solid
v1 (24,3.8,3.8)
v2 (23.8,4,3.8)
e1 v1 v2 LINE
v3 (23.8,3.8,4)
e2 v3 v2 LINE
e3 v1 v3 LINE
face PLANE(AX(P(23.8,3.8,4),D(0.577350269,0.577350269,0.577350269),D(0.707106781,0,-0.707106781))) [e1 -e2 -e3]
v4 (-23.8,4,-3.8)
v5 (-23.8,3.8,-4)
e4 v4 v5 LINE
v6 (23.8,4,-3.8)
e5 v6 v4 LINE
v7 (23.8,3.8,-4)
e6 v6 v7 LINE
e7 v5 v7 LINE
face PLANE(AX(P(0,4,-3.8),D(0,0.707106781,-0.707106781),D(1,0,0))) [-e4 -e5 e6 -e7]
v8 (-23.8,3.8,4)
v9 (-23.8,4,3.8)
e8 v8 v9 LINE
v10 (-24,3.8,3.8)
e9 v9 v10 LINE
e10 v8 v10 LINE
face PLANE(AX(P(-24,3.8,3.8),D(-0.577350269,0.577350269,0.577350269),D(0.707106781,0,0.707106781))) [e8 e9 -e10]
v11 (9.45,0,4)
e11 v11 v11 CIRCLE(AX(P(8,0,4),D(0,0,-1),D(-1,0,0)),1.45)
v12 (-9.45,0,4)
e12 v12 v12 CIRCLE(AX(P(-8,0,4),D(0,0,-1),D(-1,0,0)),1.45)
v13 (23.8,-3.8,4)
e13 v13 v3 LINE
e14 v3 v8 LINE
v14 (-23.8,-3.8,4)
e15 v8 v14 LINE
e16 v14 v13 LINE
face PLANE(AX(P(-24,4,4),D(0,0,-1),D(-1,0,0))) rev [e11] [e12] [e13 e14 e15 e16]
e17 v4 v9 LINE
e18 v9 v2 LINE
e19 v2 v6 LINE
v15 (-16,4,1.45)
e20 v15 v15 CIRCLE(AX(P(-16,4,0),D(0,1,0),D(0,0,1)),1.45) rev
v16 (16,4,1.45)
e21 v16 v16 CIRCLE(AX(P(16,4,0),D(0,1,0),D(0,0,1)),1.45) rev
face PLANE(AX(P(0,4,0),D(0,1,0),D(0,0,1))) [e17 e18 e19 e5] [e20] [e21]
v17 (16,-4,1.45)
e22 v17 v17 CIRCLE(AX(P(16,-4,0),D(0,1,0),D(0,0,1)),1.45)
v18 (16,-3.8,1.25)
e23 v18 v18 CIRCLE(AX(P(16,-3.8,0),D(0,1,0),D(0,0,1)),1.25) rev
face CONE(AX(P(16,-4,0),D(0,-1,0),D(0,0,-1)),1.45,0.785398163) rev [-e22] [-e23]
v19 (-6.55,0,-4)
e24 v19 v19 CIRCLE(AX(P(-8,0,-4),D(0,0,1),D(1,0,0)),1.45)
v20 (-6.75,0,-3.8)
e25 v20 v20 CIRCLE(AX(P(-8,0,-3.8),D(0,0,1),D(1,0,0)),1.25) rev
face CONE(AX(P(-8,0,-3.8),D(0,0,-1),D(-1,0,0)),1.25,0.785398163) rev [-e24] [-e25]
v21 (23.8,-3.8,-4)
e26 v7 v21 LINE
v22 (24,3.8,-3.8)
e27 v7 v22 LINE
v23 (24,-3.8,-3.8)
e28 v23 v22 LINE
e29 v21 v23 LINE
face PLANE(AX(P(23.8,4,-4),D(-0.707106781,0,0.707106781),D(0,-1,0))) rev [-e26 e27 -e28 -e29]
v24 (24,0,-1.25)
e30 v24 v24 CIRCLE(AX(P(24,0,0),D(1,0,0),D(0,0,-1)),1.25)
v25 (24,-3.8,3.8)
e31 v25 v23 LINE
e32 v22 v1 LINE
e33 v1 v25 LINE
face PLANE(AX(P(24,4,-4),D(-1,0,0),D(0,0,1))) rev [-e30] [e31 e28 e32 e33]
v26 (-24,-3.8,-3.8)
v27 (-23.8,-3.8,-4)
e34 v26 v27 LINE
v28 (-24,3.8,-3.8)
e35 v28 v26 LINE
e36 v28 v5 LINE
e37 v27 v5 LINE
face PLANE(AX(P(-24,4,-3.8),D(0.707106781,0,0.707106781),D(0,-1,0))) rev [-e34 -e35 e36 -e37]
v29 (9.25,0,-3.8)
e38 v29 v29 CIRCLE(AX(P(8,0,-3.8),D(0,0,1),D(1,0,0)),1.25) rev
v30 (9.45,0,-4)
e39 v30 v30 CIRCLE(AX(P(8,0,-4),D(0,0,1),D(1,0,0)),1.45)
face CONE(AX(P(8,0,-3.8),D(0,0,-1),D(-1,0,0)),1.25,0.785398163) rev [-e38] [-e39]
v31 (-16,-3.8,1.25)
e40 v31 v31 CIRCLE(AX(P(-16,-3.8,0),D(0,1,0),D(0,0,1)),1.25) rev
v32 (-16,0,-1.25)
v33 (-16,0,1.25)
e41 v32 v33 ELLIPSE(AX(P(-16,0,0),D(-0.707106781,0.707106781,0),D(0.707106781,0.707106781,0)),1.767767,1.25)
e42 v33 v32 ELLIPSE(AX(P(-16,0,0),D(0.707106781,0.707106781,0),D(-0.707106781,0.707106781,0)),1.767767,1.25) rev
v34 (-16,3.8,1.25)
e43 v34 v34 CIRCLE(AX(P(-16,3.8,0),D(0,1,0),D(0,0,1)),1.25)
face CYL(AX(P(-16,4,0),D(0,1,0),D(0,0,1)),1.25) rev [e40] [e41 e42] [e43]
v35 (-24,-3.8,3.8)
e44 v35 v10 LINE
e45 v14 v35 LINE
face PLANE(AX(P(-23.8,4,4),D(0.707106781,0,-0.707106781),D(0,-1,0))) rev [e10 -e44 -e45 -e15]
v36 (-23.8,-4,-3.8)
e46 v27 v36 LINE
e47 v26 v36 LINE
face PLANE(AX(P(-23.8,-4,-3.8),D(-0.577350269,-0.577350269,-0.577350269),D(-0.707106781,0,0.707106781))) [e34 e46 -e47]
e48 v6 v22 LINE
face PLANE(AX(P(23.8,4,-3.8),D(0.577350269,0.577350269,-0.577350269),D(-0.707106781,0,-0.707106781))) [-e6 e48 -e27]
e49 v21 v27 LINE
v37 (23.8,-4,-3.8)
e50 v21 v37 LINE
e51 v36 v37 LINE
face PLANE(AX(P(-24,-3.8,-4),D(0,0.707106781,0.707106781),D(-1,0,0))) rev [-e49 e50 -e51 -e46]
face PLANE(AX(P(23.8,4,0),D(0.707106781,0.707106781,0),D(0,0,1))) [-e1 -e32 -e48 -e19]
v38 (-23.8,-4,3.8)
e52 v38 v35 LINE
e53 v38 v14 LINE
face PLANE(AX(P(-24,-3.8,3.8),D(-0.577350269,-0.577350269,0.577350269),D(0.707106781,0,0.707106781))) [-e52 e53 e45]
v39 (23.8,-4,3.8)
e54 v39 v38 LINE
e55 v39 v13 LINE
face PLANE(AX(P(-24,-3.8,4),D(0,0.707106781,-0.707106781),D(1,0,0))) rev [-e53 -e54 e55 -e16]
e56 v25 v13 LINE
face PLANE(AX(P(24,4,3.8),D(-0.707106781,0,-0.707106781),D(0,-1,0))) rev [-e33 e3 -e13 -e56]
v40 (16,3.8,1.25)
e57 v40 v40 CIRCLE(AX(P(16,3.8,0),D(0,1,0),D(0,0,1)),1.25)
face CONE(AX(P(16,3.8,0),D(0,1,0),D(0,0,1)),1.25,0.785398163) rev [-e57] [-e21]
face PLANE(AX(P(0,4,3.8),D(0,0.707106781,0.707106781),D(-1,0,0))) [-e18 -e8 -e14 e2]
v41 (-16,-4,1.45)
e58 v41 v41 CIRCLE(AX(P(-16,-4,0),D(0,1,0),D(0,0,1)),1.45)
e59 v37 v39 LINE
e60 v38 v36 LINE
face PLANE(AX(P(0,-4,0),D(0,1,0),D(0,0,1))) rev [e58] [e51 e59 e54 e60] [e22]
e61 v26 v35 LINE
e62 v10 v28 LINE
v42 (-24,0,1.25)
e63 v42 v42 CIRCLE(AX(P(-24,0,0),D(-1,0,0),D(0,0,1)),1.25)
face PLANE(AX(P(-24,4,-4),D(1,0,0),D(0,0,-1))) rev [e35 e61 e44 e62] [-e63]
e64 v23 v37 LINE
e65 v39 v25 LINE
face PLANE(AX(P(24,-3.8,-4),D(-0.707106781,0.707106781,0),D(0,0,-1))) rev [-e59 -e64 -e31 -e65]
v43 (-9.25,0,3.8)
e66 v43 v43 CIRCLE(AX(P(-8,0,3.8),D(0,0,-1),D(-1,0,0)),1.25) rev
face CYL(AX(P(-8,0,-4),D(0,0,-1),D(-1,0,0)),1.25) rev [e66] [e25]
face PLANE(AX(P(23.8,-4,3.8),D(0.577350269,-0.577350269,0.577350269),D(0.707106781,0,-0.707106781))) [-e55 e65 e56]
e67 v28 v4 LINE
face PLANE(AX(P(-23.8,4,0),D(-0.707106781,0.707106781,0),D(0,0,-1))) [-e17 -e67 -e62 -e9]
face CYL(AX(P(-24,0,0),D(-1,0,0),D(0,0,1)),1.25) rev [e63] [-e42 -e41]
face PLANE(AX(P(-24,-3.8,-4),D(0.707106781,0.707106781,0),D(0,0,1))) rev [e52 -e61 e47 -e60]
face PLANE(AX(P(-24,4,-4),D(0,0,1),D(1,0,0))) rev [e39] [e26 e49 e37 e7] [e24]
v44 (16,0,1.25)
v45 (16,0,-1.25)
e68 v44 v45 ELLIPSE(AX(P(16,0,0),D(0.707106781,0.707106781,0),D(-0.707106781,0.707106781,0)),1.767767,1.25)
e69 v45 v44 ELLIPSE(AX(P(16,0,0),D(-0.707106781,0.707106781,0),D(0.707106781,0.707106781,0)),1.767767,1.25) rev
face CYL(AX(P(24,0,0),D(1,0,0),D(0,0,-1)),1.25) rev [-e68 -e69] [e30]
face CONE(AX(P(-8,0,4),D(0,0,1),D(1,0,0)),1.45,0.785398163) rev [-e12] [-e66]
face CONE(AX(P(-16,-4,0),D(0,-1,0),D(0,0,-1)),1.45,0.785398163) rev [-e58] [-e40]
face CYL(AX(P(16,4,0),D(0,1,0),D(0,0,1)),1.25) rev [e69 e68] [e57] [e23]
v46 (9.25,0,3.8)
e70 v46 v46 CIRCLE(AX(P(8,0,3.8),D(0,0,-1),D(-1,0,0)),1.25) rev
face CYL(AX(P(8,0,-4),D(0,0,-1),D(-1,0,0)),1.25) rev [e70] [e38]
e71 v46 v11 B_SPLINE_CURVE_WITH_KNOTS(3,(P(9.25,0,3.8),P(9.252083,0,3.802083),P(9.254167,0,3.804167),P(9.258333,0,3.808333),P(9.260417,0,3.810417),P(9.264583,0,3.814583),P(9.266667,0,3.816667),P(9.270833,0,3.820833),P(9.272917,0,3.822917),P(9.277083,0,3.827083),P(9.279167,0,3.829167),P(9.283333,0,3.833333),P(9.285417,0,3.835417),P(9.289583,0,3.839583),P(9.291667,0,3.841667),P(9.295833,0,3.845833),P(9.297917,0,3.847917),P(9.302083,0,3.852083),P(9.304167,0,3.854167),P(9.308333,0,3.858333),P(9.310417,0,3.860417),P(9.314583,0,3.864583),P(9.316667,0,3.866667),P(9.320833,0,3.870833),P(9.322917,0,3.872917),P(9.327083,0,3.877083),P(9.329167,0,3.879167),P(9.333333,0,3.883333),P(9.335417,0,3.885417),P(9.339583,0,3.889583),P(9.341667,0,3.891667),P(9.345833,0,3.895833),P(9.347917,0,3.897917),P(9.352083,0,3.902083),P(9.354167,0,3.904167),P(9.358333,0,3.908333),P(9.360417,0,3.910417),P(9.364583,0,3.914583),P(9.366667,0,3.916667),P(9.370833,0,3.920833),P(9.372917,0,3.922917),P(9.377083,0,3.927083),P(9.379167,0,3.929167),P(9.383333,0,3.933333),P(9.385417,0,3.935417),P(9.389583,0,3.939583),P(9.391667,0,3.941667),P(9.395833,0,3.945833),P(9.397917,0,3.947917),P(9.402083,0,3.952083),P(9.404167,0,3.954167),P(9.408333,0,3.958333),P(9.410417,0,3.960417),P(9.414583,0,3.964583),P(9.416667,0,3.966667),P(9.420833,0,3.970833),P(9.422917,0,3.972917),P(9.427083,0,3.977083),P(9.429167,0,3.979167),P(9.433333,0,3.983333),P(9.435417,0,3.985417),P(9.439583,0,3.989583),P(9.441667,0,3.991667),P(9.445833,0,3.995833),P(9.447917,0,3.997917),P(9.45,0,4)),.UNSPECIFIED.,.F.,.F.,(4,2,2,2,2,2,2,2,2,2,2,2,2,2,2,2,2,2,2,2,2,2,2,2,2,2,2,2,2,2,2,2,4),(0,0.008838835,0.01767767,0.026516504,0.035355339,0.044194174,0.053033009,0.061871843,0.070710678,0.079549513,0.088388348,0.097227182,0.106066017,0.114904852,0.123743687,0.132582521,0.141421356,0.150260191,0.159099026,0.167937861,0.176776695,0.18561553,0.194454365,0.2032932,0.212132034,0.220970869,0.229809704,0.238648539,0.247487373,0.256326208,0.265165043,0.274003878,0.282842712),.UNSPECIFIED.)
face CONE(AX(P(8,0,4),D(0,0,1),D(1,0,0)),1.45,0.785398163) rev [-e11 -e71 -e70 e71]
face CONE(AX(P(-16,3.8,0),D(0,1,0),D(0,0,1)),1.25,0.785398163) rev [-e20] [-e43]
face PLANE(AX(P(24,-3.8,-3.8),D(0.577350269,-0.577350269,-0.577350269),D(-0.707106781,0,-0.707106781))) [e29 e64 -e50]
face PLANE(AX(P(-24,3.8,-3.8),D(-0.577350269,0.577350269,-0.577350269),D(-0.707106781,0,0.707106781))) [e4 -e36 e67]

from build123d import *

# Parameters (mm, degrees)
SKETCH_1_W              = 48
SKETCH_1_H              = 8
EXTRUDE_1_DEPTH         = 4
HOLE_WIZARD_M3_1_D      = 2.5
HOLE_WIZARD_M3_2_D      = 2.5
CHAMFER_1_SIZE          = 0.2
HOLE_WIZARD_M3_3_REACH  = 50.332
HOLE_WIZARD_M3_3_BORE_R = 1.25
HOLE_WIZARD_M3_4_REACH  = 50.332
HOLE_WIZARD_M3_4_BORE_R = 1.25


with BuildPart() as part:
    # 草图1 → 凸台-拉伸1 (new, symmetric)
    with BuildSketch(Plane(origin=(0, 0, 0), x_dir=(1, 0, 0), z_dir=(0, 1, 0))):
        Rectangle(SKETCH_1_W, SKETCH_1_H)
    extrude(amount=EXTRUDE_1_DEPTH, both=True)

    # M3 螺纹孔1 (through all)
    with Locations(Plane(origin=(0, 4, 0), x_dir=(1, 0, 0), z_dir=(0, 1, 0))):
        with Locations((-16, 0), (16, 0)):
            Hole(HOLE_WIZARD_M3_1_D / 2)

    # M3 螺纹孔2 (through all)
    with Locations(Plane(origin=(0, 0, -4), x_dir=(-1, 0, 0), z_dir=(0, 0, -1))):
        with Locations((-8, 0), (8, 0)):
            Hole(HOLE_WIZARD_M3_2_D / 2)

    # 倒角1
    chamfer_1_edges = [part.edges().sort_by_distance(p)[0] for p in [
        (-24, 4, 0),
        (17.25, 4, 0),
        (17.25, -4, 0),
        (0, 4, 4),
        (-14.75, 4, 0),
        (-14.75, -4, 0),
        (-9.25, 0, -4),
        (-9.25, 0, 4),
        (6.75, 0, -4),
        (6.75, 0, 4),
        (24, 4, 0),
        (0, -4, 4),
        (-24, -4, 0),
        (0, -4, -4),
        (24, -4, 0),
        (24, 0, 4),
        (-24, 0, 4),
        (-24, 0, -4),
        (24, 0, -4),
        (0, 4, -4),
    ]]
    chamfer(chamfer_1_edges, length=CHAMFER_1_SIZE)

    # M3 螺纹孔3 bore → M3 螺纹孔3 (cut, up to next)
    with BuildSketch(Plane.ZY.offset(24), mode=Mode.PRIVATE) as hole_wizard_m3_3_sk1:
        Circle(HOLE_WIZARD_M3_3_BORE_R)
    hole_wizard_m3_3_tool1 = extrude(hole_wizard_m3_3_sk1.sketch, amount=-HOLE_WIZARD_M3_3_REACH, mode=Mode.PRIVATE) & part.part
    add(hole_wizard_m3_3_tool1.solids().sort_by_distance((-24, 0, 0))[0], mode=Mode.SUBTRACT)

    # M3 螺纹孔4 bore → M3 螺纹孔4 (cut, up to next)
    with BuildSketch(Plane(origin=(24, 0, 0), x_dir=(0, 0, -1), z_dir=(1, 0, 0)), mode=Mode.PRIVATE) as hole_wizard_m3_4_sk1:
        Circle(HOLE_WIZARD_M3_4_BORE_R)
    hole_wizard_m3_4_tool1 = extrude(hole_wizard_m3_4_sk1.sketch, amount=-HOLE_WIZARD_M3_4_REACH, mode=Mode.PRIVATE) & part.part
    add(hole_wizard_m3_4_tool1.solids().sort_by_distance((24, 0, 0))[0], mode=Mode.SUBTRACT)


solid = part.part
